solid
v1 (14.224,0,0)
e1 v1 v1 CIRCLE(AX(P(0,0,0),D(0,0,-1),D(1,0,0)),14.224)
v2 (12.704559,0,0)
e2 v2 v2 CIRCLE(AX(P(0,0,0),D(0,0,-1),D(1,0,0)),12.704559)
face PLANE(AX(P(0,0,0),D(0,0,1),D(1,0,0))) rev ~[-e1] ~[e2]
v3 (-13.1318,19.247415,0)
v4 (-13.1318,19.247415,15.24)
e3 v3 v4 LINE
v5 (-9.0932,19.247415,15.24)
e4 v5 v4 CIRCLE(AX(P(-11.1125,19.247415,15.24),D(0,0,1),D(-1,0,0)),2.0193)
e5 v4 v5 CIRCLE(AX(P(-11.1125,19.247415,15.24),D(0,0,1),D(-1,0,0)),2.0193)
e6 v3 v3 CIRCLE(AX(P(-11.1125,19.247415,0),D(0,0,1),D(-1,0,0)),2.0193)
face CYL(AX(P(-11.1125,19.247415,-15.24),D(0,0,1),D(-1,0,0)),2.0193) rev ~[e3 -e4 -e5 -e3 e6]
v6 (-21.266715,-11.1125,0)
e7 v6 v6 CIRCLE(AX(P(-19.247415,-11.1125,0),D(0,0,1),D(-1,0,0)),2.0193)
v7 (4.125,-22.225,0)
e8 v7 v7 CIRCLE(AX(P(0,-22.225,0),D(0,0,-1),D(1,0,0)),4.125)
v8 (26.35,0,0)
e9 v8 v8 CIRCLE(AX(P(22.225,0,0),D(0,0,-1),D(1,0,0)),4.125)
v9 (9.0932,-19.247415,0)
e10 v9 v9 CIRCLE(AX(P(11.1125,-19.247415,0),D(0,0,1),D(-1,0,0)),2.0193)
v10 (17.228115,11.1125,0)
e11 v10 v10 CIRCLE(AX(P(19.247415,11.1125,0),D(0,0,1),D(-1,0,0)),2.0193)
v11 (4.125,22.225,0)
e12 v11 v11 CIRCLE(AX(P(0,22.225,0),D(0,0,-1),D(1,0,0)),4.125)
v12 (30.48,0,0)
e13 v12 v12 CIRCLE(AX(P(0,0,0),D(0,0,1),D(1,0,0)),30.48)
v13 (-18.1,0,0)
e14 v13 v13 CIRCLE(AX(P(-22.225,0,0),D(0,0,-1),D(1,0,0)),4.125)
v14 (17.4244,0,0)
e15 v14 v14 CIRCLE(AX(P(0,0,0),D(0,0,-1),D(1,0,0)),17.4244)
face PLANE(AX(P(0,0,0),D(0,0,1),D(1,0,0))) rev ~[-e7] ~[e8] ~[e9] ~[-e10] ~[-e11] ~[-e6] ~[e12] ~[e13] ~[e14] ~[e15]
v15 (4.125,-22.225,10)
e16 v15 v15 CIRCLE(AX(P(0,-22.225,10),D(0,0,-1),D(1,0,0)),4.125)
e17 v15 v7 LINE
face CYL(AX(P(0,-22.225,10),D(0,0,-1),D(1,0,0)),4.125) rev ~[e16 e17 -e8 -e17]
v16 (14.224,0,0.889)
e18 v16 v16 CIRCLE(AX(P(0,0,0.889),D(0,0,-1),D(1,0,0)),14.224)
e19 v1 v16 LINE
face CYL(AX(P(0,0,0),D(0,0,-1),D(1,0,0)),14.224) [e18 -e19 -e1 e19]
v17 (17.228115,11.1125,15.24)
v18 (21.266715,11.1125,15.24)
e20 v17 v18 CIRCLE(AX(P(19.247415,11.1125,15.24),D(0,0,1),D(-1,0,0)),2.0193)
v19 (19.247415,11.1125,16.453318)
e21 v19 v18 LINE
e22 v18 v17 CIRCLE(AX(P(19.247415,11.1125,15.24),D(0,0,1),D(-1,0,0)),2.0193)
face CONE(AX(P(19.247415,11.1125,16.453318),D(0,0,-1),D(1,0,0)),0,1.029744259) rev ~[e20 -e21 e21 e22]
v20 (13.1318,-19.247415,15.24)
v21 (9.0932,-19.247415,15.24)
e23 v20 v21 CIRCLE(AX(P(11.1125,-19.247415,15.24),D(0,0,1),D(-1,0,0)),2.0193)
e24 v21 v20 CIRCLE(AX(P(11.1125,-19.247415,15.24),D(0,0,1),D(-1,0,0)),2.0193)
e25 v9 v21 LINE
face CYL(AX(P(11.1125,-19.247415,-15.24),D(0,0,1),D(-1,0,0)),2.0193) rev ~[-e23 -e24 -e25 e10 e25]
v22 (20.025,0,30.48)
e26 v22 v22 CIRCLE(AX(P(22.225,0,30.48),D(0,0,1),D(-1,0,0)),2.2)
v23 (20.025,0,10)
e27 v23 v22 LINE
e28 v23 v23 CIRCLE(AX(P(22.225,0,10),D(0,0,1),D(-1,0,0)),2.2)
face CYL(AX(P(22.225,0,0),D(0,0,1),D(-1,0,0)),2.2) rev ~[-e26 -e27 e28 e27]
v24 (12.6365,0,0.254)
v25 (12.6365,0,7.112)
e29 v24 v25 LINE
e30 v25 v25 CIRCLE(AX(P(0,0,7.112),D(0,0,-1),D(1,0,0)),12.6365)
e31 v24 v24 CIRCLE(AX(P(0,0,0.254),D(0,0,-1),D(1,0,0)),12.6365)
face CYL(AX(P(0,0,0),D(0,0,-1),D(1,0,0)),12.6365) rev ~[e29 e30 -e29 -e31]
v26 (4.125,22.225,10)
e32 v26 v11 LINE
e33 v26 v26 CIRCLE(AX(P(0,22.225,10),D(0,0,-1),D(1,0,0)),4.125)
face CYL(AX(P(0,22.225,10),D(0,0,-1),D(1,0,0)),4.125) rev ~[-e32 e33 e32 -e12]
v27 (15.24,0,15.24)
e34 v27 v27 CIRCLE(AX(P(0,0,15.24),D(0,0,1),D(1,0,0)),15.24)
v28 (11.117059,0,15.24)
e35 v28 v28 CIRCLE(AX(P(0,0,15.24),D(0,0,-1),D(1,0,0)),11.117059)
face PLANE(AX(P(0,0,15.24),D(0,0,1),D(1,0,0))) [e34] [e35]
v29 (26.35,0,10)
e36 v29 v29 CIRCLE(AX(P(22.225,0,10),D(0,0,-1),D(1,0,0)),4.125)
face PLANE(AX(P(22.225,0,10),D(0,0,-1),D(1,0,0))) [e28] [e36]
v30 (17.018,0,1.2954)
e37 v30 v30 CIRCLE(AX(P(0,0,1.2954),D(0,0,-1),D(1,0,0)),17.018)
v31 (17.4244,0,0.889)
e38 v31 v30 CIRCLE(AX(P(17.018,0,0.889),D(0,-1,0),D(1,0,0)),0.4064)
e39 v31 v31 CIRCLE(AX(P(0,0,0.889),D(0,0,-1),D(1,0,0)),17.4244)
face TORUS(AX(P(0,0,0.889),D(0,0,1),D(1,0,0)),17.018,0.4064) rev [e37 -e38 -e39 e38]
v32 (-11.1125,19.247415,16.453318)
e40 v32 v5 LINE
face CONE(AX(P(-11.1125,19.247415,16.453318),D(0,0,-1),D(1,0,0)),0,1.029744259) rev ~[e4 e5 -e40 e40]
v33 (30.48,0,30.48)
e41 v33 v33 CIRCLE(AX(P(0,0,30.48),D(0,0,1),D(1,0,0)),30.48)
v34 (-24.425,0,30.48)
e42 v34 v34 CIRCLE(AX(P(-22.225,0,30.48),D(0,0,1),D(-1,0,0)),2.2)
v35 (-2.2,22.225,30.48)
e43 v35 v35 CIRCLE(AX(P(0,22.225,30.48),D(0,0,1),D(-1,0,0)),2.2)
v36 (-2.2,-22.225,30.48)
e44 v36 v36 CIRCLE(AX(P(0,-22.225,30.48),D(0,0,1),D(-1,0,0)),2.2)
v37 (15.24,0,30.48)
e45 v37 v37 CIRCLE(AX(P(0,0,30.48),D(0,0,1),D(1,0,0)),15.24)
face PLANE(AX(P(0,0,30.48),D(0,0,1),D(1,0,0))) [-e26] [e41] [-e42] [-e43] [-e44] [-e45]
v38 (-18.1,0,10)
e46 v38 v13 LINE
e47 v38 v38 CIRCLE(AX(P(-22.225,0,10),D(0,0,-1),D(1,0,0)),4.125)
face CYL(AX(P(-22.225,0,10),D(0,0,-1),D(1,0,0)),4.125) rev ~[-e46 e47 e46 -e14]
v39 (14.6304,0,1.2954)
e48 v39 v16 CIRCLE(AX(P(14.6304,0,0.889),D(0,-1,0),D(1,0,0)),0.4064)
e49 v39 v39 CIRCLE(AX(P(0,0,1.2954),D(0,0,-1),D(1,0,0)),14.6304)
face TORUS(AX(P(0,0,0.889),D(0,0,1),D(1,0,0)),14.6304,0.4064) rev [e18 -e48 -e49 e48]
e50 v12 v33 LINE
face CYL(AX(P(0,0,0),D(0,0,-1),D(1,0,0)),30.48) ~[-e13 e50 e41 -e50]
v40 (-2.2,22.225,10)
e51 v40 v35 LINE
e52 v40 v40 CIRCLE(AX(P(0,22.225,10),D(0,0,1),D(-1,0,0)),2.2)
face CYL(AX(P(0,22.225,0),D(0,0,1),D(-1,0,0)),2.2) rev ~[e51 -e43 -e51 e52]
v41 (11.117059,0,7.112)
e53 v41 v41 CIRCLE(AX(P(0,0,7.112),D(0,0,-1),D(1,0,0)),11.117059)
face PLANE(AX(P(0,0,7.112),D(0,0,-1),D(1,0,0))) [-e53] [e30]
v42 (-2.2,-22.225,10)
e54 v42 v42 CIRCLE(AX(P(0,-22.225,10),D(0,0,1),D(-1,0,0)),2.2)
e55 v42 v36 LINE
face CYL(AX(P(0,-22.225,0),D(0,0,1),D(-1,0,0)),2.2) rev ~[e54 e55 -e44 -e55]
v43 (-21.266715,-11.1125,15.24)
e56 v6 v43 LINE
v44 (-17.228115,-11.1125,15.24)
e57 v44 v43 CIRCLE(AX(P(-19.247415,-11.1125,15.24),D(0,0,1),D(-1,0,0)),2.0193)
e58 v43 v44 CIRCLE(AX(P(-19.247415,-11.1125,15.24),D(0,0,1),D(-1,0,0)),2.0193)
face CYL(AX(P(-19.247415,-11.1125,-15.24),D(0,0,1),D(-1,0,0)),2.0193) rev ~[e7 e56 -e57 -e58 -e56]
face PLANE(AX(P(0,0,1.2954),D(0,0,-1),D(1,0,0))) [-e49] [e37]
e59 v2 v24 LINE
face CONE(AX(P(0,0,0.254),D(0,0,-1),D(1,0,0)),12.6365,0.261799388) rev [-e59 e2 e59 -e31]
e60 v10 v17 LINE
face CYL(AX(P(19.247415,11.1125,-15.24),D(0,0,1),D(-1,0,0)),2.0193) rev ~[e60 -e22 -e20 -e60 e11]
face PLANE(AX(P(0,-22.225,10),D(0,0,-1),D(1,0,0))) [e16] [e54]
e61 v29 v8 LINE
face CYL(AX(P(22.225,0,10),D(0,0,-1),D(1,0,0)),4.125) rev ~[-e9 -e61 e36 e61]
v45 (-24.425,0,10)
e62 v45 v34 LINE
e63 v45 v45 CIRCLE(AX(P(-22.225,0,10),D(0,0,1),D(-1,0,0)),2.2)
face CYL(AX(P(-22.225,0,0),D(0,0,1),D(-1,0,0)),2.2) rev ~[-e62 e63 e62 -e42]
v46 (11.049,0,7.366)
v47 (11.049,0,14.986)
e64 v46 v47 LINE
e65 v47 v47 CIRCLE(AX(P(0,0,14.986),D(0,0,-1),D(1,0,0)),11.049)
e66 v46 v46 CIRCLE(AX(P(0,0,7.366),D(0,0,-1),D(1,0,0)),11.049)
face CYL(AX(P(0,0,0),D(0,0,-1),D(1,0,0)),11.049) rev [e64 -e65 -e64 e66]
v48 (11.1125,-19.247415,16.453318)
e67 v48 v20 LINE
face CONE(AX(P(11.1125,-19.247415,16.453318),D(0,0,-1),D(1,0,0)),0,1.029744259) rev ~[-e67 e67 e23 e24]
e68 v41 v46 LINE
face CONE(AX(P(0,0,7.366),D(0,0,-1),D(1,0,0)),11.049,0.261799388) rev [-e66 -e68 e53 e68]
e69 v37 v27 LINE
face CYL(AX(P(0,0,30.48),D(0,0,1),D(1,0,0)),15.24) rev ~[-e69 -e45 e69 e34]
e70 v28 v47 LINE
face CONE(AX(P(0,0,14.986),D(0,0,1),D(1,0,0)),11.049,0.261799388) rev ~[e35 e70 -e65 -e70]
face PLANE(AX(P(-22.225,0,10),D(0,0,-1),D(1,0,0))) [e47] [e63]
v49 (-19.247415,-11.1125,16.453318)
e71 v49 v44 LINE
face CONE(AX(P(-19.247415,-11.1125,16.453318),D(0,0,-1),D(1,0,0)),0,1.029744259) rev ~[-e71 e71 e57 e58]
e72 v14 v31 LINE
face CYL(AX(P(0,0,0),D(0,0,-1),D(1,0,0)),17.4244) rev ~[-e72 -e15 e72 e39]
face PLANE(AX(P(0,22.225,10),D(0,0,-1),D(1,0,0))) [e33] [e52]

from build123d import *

# Parameters (mm, degrees)
F0_R           = 30.48
F0_R_2         = 11.049
F1_DEPTH       = 30.48
F2_R           = 15.24
F3_DEPTH       = 15.24
F4_R           = 12.6365
F4_R_2         = 11.049
F5_DEPTH       = 7.112
F6_SIZE2       = 0.254
F6_SIZE        = 0.0680590949
F8_D           = 4.4
F8_CBORE_D     = 8.25
F8_CBORE_DEPTH = 10
F10_D          = 4.0386
F10_DEPTH      = 15.24
F10_TIP        = 1.213317848
F11_R          = 17.4244
F11_R_2        = 14.224
F12_DEPTH      = 1.2954
F13_R          = 0.4064


with BuildPart() as f1:
    # F0 (on Top) → F1 (new body)
    with BuildSketch(Plane.XY):
        Circle(F0_R)
        Circle(F0_R_2, mode=Mode.SUBTRACT)
    extrude(amount=F1_DEPTH)

    # F2 (on face) → F3 (cut)
    with BuildSketch(Plane.XY.offset(30.48)):
        Circle(F2_R)
    extrude(amount=-F3_DEPTH, mode=Mode.SUBTRACT)

    # F4 (on face) → F5 (cut)
    with BuildSketch(Plane(origin=(0, 0, 0), x_dir=(1, 0, 0), z_dir=(0, 0, -1))):
        Circle(F4_R)
        Circle(F4_R_2, mode=Mode.SUBTRACT)
    extrude(amount=-F5_DEPTH, mode=Mode.SUBTRACT)

    # F6
    f6_edges = [f1.edges().sort_by_distance(p)[0] for p in [
        (-11.049, 0, 15.24),
        (-12.6365, 0, 0),
        (-11.049, 0, 7.112),
    ]]
    chamfer(f6_edges, length=F6_SIZE, length2=F6_SIZE2)

    # F8 (through all)
    with Locations(Plane(origin=(0, 0, 0), x_dir=(1, 0, 0), z_dir=(0, 0, -1))):
        with Locations((0, -22.225), (-22.225, 0), (0, 22.225), (22.225, 0)):
            CounterBoreHole(F8_D / 2, F8_CBORE_D / 2, F8_CBORE_DEPTH)

    # F10
    with Locations(Plane(origin=(0, 0, 0), x_dir=(1, 0, 0), z_dir=(0, 0, -1))):
        with Locations((-19.2474145991, 11.1125), (11.1125, 19.2474145991), (19.2474145991, -11.1125), (-11.1125, -19.2474145991)):
            Hole(F10_D / 2, depth=F10_DEPTH)
            with Locations((0, 0, -(F10_DEPTH + F10_TIP / 2))):  # 118° drill point
                Cone(0, F10_D / 2, F10_TIP, mode=Mode.SUBTRACT)

    # F11 (on face) → F12 (cut)
    with BuildSketch(Plane(origin=(0, 0, 0), x_dir=(1, 0, 0), z_dir=(0, 0, -1))):
        Circle(F11_R)
        Circle(F11_R_2, mode=Mode.SUBTRACT)
    extrude(amount=-F12_DEPTH, mode=Mode.SUBTRACT)

    # F13
    f13_edges = [f1.edges().sort_by_distance(p)[0] for p in [
        (-14.224, 0, 1.2954),
        (-17.4244, 0, 1.2954),
    ]]
    fillet(f13_edges, radius=F13_R)


solid = f1.part
